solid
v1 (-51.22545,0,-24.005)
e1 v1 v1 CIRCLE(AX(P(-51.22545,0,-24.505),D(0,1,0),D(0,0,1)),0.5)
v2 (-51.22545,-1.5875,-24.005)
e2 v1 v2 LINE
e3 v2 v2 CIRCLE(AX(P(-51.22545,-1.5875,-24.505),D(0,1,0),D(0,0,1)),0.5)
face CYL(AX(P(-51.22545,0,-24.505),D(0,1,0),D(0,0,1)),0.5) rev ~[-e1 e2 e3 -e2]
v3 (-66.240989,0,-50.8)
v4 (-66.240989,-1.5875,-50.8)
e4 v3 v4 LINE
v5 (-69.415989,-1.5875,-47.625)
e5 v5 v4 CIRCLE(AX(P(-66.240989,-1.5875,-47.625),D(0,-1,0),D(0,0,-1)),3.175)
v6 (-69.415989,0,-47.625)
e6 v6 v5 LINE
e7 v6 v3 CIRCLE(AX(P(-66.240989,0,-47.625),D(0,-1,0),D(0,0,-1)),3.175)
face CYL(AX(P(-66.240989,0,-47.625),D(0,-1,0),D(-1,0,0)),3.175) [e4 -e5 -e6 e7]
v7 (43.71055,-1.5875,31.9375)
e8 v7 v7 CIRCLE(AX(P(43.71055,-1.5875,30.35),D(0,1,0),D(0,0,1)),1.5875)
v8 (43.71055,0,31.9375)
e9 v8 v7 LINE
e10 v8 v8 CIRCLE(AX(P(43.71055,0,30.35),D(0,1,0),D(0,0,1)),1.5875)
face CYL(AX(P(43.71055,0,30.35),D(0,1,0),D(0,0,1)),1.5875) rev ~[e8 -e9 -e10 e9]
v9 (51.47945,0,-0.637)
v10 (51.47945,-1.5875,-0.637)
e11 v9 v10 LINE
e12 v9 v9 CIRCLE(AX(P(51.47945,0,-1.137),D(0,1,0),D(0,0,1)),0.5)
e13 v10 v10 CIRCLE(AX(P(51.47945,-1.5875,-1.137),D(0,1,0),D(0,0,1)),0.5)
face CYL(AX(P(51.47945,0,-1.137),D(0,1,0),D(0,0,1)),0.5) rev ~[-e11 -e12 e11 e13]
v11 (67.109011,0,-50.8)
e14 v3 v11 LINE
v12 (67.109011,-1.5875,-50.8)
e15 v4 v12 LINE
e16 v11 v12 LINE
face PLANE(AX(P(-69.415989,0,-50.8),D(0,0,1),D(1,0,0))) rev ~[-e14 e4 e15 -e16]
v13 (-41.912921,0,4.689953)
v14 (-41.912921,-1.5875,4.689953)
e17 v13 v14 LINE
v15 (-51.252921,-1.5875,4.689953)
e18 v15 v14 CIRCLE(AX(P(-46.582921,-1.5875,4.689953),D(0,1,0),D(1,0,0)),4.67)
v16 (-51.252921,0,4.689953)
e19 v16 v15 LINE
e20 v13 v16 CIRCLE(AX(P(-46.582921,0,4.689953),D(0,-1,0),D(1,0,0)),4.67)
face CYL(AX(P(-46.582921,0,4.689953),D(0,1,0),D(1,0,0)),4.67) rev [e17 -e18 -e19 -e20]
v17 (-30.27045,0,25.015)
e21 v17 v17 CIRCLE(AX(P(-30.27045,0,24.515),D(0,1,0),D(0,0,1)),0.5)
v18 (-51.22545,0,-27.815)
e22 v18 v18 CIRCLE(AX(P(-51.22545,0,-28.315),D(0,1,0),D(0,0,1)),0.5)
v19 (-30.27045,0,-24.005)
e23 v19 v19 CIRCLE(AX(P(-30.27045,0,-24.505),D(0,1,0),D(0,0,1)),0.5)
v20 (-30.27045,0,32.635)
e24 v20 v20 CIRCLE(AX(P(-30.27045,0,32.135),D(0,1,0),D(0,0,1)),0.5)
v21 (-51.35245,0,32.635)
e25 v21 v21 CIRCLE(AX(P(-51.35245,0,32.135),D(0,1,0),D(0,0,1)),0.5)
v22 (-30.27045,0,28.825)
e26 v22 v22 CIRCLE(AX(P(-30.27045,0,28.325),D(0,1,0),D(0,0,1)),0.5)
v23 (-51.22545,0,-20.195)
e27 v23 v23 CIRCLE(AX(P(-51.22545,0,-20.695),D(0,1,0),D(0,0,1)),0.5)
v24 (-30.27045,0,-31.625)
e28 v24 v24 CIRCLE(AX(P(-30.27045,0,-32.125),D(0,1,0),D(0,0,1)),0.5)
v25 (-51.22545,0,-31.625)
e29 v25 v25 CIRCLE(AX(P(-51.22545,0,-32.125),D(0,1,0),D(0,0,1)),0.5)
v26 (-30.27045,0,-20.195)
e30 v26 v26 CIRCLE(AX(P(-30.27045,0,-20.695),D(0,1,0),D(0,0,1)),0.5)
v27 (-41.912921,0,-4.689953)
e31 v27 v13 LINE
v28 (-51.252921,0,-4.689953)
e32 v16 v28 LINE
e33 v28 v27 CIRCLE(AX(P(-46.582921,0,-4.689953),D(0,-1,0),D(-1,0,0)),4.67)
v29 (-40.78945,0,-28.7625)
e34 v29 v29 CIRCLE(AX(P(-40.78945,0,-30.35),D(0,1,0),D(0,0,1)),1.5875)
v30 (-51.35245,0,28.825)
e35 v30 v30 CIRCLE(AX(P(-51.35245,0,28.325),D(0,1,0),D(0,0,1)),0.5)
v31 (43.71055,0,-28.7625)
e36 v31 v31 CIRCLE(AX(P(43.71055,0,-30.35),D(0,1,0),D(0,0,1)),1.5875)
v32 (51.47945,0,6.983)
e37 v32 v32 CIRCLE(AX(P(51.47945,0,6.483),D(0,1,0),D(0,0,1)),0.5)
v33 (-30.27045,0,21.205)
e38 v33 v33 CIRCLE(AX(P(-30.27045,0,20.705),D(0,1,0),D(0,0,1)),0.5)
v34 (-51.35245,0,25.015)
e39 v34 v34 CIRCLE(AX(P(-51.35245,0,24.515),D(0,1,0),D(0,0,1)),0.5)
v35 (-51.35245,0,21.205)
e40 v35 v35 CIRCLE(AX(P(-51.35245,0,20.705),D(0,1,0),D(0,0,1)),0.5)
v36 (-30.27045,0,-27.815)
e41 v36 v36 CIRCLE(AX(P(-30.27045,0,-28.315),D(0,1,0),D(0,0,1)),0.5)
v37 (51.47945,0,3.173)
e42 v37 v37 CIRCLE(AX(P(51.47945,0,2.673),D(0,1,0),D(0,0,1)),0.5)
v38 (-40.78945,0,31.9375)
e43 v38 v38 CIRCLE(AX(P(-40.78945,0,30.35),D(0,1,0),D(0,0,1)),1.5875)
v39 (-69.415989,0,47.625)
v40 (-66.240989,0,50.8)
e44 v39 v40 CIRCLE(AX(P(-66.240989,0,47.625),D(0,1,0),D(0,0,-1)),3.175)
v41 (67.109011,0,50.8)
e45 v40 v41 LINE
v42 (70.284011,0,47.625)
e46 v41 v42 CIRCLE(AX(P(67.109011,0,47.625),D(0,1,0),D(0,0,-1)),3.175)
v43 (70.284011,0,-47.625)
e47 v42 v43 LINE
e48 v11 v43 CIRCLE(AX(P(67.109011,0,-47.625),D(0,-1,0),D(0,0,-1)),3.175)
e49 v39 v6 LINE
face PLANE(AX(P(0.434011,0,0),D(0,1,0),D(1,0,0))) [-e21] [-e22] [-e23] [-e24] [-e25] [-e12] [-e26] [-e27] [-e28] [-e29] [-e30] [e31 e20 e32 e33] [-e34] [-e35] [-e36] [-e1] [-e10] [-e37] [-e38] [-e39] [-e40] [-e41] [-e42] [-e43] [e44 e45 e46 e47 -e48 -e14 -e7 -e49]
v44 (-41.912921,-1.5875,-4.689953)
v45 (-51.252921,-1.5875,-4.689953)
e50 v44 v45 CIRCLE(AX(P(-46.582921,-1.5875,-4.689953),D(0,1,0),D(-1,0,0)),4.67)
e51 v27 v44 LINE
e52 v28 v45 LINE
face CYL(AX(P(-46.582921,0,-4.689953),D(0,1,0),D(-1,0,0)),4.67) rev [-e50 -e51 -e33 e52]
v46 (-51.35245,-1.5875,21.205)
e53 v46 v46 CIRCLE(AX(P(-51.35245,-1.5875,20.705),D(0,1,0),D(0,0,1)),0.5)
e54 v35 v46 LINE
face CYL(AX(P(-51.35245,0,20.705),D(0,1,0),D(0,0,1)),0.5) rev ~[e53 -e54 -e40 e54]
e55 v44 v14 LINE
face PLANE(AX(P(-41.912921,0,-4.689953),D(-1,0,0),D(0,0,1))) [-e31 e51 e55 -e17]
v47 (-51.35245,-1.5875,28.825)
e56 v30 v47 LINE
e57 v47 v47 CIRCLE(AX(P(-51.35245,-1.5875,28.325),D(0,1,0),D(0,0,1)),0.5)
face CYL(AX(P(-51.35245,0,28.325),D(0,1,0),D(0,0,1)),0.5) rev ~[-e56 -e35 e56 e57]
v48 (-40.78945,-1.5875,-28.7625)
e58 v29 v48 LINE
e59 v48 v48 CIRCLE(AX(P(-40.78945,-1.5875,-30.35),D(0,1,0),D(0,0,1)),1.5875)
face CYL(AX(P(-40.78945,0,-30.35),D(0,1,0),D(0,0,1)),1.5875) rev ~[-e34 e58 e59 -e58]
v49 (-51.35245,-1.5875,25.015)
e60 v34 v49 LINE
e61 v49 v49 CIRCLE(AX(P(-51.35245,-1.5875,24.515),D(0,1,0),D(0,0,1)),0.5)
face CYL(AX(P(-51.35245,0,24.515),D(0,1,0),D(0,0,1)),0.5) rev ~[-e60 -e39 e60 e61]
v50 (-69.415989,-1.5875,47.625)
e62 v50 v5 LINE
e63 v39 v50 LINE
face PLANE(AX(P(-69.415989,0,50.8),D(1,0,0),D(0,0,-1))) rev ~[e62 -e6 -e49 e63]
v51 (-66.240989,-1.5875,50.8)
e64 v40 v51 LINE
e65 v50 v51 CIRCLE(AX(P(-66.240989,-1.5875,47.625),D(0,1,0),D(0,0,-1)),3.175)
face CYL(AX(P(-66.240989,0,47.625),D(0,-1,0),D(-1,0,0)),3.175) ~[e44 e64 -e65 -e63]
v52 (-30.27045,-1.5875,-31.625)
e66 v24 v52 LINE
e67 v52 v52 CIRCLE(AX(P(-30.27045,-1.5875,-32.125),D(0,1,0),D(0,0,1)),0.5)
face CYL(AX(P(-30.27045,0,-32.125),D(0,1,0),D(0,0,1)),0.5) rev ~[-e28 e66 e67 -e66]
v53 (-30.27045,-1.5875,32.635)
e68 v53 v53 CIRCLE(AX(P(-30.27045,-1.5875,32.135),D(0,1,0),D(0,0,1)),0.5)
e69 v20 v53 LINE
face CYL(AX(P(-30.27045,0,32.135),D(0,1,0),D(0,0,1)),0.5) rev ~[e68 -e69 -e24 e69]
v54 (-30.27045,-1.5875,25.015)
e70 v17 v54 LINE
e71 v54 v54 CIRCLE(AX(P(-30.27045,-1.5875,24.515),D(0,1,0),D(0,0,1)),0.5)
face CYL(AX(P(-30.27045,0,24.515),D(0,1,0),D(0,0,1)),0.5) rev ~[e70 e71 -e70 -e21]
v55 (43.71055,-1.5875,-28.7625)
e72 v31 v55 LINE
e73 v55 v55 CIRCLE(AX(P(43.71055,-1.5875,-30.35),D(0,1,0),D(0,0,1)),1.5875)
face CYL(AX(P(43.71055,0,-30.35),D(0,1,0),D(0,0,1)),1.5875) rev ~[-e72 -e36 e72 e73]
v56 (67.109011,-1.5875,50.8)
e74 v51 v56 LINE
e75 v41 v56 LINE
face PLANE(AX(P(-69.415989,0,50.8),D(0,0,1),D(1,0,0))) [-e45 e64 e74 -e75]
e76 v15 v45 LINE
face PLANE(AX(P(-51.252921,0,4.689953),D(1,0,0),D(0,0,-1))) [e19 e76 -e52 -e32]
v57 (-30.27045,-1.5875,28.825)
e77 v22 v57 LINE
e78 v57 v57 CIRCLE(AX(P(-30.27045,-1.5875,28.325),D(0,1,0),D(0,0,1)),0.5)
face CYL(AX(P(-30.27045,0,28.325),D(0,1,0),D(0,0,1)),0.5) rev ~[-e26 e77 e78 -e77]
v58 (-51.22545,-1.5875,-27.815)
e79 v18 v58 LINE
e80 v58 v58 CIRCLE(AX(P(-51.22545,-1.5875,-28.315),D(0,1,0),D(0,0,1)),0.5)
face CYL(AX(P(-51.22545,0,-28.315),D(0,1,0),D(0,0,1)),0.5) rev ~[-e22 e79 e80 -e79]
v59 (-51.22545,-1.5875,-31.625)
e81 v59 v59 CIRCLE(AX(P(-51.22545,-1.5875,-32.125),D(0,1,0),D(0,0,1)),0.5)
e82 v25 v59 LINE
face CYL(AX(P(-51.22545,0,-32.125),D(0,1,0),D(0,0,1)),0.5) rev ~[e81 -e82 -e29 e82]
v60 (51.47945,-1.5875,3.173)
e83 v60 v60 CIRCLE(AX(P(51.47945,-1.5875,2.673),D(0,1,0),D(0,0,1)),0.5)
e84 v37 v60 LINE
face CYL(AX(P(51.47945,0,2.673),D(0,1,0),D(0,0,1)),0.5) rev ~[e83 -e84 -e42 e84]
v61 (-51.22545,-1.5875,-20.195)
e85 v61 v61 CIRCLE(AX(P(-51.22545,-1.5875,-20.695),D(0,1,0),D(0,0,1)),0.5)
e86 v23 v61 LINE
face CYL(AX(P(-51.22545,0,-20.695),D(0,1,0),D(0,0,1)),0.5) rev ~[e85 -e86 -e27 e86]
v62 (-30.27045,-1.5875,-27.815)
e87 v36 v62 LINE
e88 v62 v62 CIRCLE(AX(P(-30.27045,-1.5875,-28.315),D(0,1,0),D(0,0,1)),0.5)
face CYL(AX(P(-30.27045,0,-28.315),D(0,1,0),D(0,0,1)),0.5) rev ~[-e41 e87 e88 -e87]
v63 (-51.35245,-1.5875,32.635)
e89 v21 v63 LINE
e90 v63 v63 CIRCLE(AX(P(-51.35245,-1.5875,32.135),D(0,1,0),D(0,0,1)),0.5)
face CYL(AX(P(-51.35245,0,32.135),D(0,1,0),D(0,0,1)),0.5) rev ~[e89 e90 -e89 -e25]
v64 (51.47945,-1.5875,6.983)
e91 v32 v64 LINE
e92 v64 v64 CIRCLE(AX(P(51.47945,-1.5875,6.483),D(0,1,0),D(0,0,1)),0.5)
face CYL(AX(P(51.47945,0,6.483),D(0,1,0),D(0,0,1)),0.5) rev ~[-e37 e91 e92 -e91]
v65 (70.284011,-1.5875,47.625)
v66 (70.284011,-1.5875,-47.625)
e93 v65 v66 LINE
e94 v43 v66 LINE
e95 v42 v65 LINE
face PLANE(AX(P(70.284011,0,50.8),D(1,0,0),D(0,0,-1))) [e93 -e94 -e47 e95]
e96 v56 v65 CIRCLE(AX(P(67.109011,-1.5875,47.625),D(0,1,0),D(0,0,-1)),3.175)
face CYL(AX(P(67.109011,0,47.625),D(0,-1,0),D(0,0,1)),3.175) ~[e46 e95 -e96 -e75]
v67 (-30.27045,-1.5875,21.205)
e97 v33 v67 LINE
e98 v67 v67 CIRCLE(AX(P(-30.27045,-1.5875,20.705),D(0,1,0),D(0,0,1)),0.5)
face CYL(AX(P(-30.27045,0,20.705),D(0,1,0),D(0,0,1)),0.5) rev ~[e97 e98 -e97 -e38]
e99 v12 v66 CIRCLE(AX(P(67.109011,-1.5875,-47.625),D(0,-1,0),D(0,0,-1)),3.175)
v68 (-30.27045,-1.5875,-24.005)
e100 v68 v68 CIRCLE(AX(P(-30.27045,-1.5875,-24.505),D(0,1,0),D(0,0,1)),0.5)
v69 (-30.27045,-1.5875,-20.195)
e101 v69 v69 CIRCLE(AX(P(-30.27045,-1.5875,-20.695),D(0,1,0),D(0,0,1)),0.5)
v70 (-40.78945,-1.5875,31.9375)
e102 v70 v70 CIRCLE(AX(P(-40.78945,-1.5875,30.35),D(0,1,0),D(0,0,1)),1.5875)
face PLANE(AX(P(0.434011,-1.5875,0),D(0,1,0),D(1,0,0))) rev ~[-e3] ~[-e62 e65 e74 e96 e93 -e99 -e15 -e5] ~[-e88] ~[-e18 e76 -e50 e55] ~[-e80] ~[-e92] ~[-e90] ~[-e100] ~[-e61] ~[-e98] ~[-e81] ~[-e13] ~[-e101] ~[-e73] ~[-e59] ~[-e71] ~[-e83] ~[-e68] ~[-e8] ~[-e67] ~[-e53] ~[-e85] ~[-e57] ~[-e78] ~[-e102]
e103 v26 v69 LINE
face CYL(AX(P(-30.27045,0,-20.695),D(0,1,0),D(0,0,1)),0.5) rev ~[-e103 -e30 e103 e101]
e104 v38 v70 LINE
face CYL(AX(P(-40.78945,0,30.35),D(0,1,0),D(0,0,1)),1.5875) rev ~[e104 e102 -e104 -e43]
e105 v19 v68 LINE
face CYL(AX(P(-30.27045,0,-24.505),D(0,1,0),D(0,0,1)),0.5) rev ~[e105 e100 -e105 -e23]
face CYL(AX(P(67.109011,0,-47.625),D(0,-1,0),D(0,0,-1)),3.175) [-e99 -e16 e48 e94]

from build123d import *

# Parameters (mm, degrees)
SKETCH1_W           = 139.7
SKETCH1_H           = 101.6
BOSS_EXTRUDE1_DEPTH = 1.5875
SKETCH2_R           = 0.5
SKETCH2_R_2         = 1.5875
CUT_EXTRUDE1_DEPTH  = 87.735242522
CUT_EXTRUDE2_DEPTH  = 87.735242522
FILLET1_R           = 3.175


with BuildPart() as part:
    # Sketch1 → Boss-Extrude1 (new body)
    with BuildSketch(Plane(origin=(0, 0, 0), x_dir=(1, 0, 0), z_dir=(0, 1, 0))):
        with Locations((0.434010551, 0)):
            Rectangle(SKETCH1_W, SKETCH1_H)
    extrude(amount=-BOSS_EXTRUDE1_DEPTH)

    # Sketch2 → Cut-Extrude1 (cut, through all)
    with BuildSketch(Plane(origin=(0, 0, 0), x_dir=(1, 0, 0), z_dir=(0, 1, 0))):
        with Locations(Location((-51.22545, 24.505, 0), (0, 0, 270))):
            Circle(SKETCH2_R)
        with Locations(Location((-30.27045, 28.315, 0), (0, 0, 270))):
            Circle(SKETCH2_R)
        with Locations(Location((-30.27045, 32.125, 0), (0, 0, 270))):
            Circle(SKETCH2_R)
        with Locations(Location((-30.27045, -32.135, 0), (0, 0, 270))):
            Circle(SKETCH2_R)
        with Locations(Location((-30.27045, -28.325, 0), (0, 0, 270))):
            Circle(SKETCH2_R)
        with Locations(Location((-30.27045, -24.515, 0), (0, 0, 270))):
            Circle(SKETCH2_R)
        with Locations(Location((-30.27045, -20.705, 0), (0, 0, 270))):
            Circle(SKETCH2_R)
        with Locations(Location((51.47945, -6.483, 0), (0, 0, 270))):
            Circle(SKETCH2_R)
        with Locations(Location((51.47945, -2.673, 0), (0, 0, 270))):
            Circle(SKETCH2_R)
        with Locations(Location((-51.22545, 28.315, 0), (0, 0, 270))):
            Circle(SKETCH2_R)
        with Locations(Location((-51.22545, 32.125, 0), (0, 0, 270))):
            Circle(SKETCH2_R)
        with Locations(Location((-51.35245, -32.135, 0), (0, 0, 270))):
            Circle(SKETCH2_R)
        with Locations(Location((-51.35245, -28.325, 0), (0, 0, 270))):
            Circle(SKETCH2_R)
        with Locations(Location((-51.35245, -24.515, 0), (0, 0, 270))):
            Circle(SKETCH2_R)
        with Locations(Location((-51.35245, -20.705, 0), (0, 0, 270))):
            Circle(SKETCH2_R)
        with Locations(Location((-30.27045, 20.695, 0), (0, 0, 270))):
            Circle(SKETCH2_R)
        with Locations(Location((-30.27045, 24.505, 0), (0, 0, 270))):
            Circle(SKETCH2_R)
        with Locations(Location((-40.78945, -30.35, 0), (0, 0, 270))):
            Circle(SKETCH2_R_2)
        with Locations(Location((-40.78945, 30.35, 0), (0, 0, 270))):
            Circle(SKETCH2_R_2)
        with Locations(Location((43.71055, 30.35, 0), (0, 0, 270))):
            Circle(SKETCH2_R_2)
        with Locations(Location((43.71055, -30.35, 0), (0, 0, 270))):
            Circle(SKETCH2_R_2)
        with Locations(Location((51.47945, 1.137, 0), (0, 0, 270))):
            Circle(SKETCH2_R)
        with Locations(Location((-51.22545, 20.695, 0), (0, 0, 270))):
            Circle(SKETCH2_R)
    extrude(amount=-CUT_EXTRUDE1_DEPTH, mode=Mode.SUBTRACT)

    # Sketch3 → Cut-Extrude2 (cut, through all)
    with BuildSketch(Plane(origin=(0, 0, 0), x_dir=(1, 0, 0), z_dir=(0, 1, 0))):
        with BuildLine():
            Line((-41.912921413, 4.689952831), (-41.912921413, -4.689952831))
            ThreePointArc((-41.912921413, -4.689952831), (-46.582921413, -9.359952831), (-51.252921413, -4.689952831))
            Line((-51.252921413, -4.689952831), (-51.252921413, 4.689952831))
            ThreePointArc((-51.252921413, 4.689952831), (-46.582921413, 9.359952831), (-41.912921413, 4.689952831))
        make_face()
    extrude(amount=-CUT_EXTRUDE2_DEPTH, mode=Mode.SUBTRACT)

    # Fillet1
    fillet1_edges = [part.edges().sort_by_distance(p)[0] for p in [
        (70.284010551, -0.79375, 50.8),
        (-69.415989449, -0.79375, 50.8),
        (-69.415989449, -0.79375, -50.8),
        (70.284010551, -0.79375, -50.8),
    ]]
    fillet(fillet1_edges, radius=FILLET1_R)


solid = part.part
